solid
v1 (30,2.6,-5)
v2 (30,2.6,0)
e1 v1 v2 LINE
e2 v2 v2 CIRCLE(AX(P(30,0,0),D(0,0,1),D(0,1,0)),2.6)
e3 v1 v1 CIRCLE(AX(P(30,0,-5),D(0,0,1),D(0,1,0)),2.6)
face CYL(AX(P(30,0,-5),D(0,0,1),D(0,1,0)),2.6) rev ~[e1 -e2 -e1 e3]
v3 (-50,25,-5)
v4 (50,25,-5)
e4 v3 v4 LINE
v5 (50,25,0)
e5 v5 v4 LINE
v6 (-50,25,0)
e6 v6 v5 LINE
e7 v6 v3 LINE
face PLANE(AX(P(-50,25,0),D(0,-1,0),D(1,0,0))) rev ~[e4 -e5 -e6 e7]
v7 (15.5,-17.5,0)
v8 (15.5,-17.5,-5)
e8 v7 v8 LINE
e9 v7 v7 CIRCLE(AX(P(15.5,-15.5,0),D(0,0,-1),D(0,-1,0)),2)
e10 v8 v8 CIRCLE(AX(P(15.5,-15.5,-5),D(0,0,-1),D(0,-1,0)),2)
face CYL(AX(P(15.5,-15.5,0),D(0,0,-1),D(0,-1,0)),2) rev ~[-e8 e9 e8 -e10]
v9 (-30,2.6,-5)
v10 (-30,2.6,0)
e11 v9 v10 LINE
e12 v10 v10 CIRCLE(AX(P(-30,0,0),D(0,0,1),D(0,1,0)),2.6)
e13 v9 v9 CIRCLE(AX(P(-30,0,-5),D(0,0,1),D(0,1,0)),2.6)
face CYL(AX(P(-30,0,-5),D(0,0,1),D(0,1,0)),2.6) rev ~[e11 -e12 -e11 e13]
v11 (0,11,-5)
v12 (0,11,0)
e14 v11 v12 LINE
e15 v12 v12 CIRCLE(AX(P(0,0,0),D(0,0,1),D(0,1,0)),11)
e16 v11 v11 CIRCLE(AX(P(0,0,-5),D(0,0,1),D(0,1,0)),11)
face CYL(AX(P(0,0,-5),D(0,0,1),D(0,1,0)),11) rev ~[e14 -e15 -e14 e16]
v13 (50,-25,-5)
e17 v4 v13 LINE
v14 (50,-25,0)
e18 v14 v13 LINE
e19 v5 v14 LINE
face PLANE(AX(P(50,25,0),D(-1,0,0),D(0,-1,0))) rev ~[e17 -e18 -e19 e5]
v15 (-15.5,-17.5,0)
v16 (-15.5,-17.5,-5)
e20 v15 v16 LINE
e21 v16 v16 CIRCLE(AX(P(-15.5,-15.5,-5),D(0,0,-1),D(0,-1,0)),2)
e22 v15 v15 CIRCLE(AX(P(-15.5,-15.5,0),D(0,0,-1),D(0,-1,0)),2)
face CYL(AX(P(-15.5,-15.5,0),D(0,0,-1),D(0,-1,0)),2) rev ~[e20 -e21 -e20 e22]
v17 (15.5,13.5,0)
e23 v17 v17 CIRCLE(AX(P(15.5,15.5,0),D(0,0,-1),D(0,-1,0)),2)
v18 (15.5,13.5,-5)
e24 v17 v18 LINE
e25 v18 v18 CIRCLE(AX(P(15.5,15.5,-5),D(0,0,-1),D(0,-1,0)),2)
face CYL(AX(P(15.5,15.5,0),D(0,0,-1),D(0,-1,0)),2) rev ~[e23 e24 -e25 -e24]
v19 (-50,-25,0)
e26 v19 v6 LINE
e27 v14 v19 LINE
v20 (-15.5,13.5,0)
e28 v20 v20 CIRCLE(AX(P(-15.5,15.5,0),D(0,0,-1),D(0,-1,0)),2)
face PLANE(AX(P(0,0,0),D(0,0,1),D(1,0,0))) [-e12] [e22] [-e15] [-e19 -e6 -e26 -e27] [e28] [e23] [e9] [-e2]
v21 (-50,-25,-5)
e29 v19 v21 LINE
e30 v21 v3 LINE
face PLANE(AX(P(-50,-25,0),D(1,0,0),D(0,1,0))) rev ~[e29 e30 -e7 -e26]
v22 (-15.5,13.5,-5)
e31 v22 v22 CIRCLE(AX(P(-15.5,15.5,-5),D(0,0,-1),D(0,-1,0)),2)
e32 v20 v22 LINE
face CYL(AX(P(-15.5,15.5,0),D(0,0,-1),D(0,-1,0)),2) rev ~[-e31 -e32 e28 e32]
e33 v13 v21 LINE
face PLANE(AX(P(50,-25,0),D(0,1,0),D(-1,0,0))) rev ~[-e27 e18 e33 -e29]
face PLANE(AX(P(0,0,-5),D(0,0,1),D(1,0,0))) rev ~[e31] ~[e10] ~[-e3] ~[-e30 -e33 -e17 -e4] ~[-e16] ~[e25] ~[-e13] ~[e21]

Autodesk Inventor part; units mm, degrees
ref_plane "YZ Plane" through (0, 0, 0) normal (1, 0, 0) x (0, 1, 0)
ref_plane "XZ Plane" through (0, 0, 0) normal (0, 1, 0) x (-1, 0, 0)
ref_plane "XY Plane" through (0, 0, 0) normal (0, 0, 1) x (1, 0, 0)
sketch "Block1" plane through (0, 0, 0) normal (0, 0, 1) x (1, 0, 0)
  line L0 (-30.1, 34.1) -> (-9.9, 34.1)
  line L1 (-9.9, 34.1) -> (-9.9, 25.1)
  line L2 (-9.9, 25.1) -> (9.9, 25.1)
  line L3 (9.9, 25.1) -> (9.9, 34.1)
  line L4 (9.9, 34.1) -> (30.1, 34.1)
  line L5 (30.1, 34.1) -> (30.1, 25.1)
  line L6 (30.1, 25.1) -> (50.1, 25.1)
  line L7 (50.1, 25.1) -> (50.1, 16.5667)
  line L8 (50.1, 16.5667) -> (41.1, 16.5667)
  line L9 (41.1, 16.5667) -> (41.1, 6.7667)
  line L10 (41.1, 6.7667) -> (50.1, 6.7667)
  line L11 (50.1, 6.7667) -> (50.1, -6.7667)
  line L12 (50.1, -6.7667) -> (41.1, -6.7667)
  line L13 (41.1, -6.7667) -> (41.1, -16.5667)
  line L14 (41.1, -16.5667) -> (50.1, -16.5667)
  line L15 (50.1, -16.5667) -> (50.1, -25.1)
  line L16 (50.1, -25.1) -> (30.1, -25.1)
  line L17 (30.1, -25.1) -> (30.1, -34.1)
  line L18 (30.1, -34.1) -> (9.9, -34.1)
  line L19 (9.9, -34.1) -> (9.9, -25.1)
  line L20 (9.9, -25.1) -> (-9.9, -25.1)
  line L21 (-9.9, -25.1) -> (-9.9, -34.1)
  line L22 (-9.9, -34.1) -> (-30.1, -34.1)
  line L23 (-30.1, -34.1) -> (-30.1, -25.1)
  line L24 (-30.1, -25.1) -> (-50.1, -25.1)
  line L25 (-50.1, -25.1) -> (-50.1, -16.5667)
  line L26 (-50.1, -16.5667) -> (-41.1, -16.5667)
  line L27 (-41.1, -16.5667) -> (-41.1, -6.7667)
  line L28 (-41.1, -6.7667) -> (-50.1, -6.7667)
  line L29 (-50.1, -6.7667) -> (-50.1, 6.7667)
  line L30 (-50.1, 6.7667) -> (-41.1, 6.7667)
  line L31 (-41.1, 6.7667) -> (-41.1, 16.5667)
  line L32 (-41.1, 16.5667) -> (-50.1, 16.5667)
  line L33 (-50.1, 16.5667) -> (-50.1, 25.1)
  line L34 (-50.1, 25.1) -> (-30.1, 25.1)
  line L35 (-30.1, 25.1) -> (-30.1, 34.1)
  circle A0 centre (-30, 0) radius 4.6
  circle A1 centre (-15.5, 15.5) radius 2.1
  circle A2 centre (-15.5, -15.5) radius 2.1
  circle A3 centre (0, 0) radius 11.1
  circle A4 centre (15.5, 15.5) radius 2.1
  circle A5 centre (30, 0) radius 4.6
  circle A6 centre (15.5, -15.5) radius 2.1
  point P0 (0, 0)
sketch "Block2" plane through (0, 0, 0) normal (0, 0, 1) x (1, 0, 0)
  line L0 (9.8, 34.2) -> (30.2, 34.2)
  line L1 (30.2, 34.2) -> (30.2, 25.2)
  line L2 (30.2, 25.2) -> (50.2, 25.2)
  line L3 (50.2, 25.2) -> (50.2, 16.4667)
  line L4 (50.2, 16.4667) -> (41.2, 16.4667)
  line L5 (41.2, 16.4667) -> (41.2, 6.8667)
  line L6 (41.2, 6.8667) -> (50.2, 6.8667)
  line L7 (50.2, 6.8667) -> (50.2, -6.8667)
  line L8 (50.2, -6.8667) -> (41.2, -6.8667)
  line L9 (41.2, -6.8667) -> (41.2, -16.4667)
  line L10 (41.2, -16.4667) -> (50.2, -16.4667)
  line L11 (50.2, -16.4667) -> (50.2, -25.2)
  line L12 (50.2, -25.2) -> (30.2, -25.2)
  line L13 (30.2, -25.2) -> (30.2, -34.2)
  line L14 (30.2, -34.2) -> (9.8, -34.2)
  line L15 (9.8, -34.2) -> (9.8, -25.2)
  line L16 (9.8, -25.2) -> (-9.8, -25.2)
  line L17 (-9.8, -25.2) -> (-9.8, -34.2)
  line L18 (-9.8, -34.2) -> (-30.2, -34.2)
  line L19 (-30.2, -34.2) -> (-30.2, -25.2)
  line L20 (-30.2, -25.2) -> (-50.2, -25.2)
  line L21 (-50.2, -25.2) -> (-50.2, -16.4667)
  line L22 (-50.2, -16.4667) -> (-41.2, -16.4667)
  line L23 (-41.2, -16.4667) -> (-41.2, -6.8667)
  line L24 (-41.2, -6.8667) -> (-50.2, -6.8667)
  line L25 (-50.2, -6.8667) -> (-50.2, 6.8667)
  line L26 (-50.2, 6.8667) -> (-41.2, 6.8667)
  line L27 (-41.2, 6.8667) -> (-41.2, 16.4667)
  line L28 (-41.2, 16.4667) -> (-50.2, 16.4667)
  line L29 (-50.2, 16.4667) -> (-50.2, 25.2)
  line L30 (-50.2, 25.2) -> (-30.2, 25.2)
  line L31 (-30.2, 25.2) -> (-30.2, 34.2)
  line L32 (-30.2, 34.2) -> (-9.8, 34.2)
  line L33 (-9.8, 34.2) -> (-9.8, 25.2)
  line L34 (-9.8, 25.2) -> (9.8, 25.2)
  line L35 (9.8, 25.2) -> (9.8, 34.2)
  circle A0 centre (-15.5, 15.5) radius 2.2
  circle A1 centre (15.5, 15.5) radius 2.2
  circle A2 centre (30, 0) radius 4.7
  circle A3 centre (15.5, -15.5) radius 2.2
  circle A4 centre (-15.5, -15.5) radius 2.2
  circle A5 centre (-30, 0) radius 4.7
  circle A6 centre (0, 0) radius 11.2
  point P0 (0, 0)
sketch "Block3" plane through (0, 0, 0) normal (0, 0, 1) x (1, 0, 0)
  line L0 (9.9, 34.1) -> (30.1, 34.1)
  line L1 (30.1, 34.1) -> (30.1, 25.1)
  line L2 (30.1, 25.1) -> (50.1, 25.1)
  line L3 (50.1, 25.1) -> (50.1, 16.5667)
  line L4 (50.1, 16.5667) -> (41.1, 16.5667)
  line L5 (41.1, 16.5667) -> (41.1, 6.7667)
  line L6 (41.1, 6.7667) -> (50.1, 6.7667)
  line L7 (50.1, 6.7667) -> (50.1, -6.7667)
  line L8 (50.1, -6.7667) -> (41.1, -6.7667)
  line L9 (41.1, -6.7667) -> (41.1, -16.5667)
  line L10 (41.1, -16.5667) -> (50.1, -16.5667)
  line L11 (50.1, -16.5667) -> (50.1, -25.1)
  line L12 (50.1, -25.1) -> (30.1, -25.1)
  line L13 (30.1, -25.1) -> (30.1, -34.1)
  line L14 (30.1, -34.1) -> (9.9, -34.1)
  line L15 (9.9, -34.1) -> (9.9, -25.1)
  line L16 (9.9, -25.1) -> (-9.9, -25.1)
  line L17 (-9.9, -25.1) -> (-9.9, -34.1)
  line L18 (-9.9, -34.1) -> (-30.1, -34.1)
  line L19 (-30.1, -34.1) -> (-30.1, -25.1)
  line L20 (-30.1, -25.1) -> (-50.1, -25.1)
  line L21 (-50.1, -25.1) -> (-50.1, -16.5667)
  line L22 (-50.1, -16.5667) -> (-41.1, -16.5667)
  line L23 (-41.1, -16.5667) -> (-41.1, -6.7667)
  line L24 (-41.1, -6.7667) -> (-50.1, -6.7667)
  line L25 (-50.1, -6.7667) -> (-50.1, 6.7667)
  line L26 (-50.1, 6.7667) -> (-41.1, 6.7667)
  line L27 (-41.1, 6.7667) -> (-41.1, 16.5667)
  line L28 (-41.1, 16.5667) -> (-50.1, 16.5667)
  line L29 (-50.1, 16.5667) -> (-50.1, 25.1)
  line L30 (-50.1, 25.1) -> (-30.1, 25.1)
  line L31 (-30.1, 25.1) -> (-30.1, 34.1)
  line L32 (-30.1, 34.1) -> (-9.9, 34.1)
  line L33 (-9.9, 34.1) -> (-9.9, 25.1)
  line L34 (-9.9, 25.1) -> (9.9, 25.1)
  line L35 (9.9, 25.1) -> (9.9, 34.1)
  circle A0 centre (-15.5, 15.5) radius 2.1
  circle A1 centre (15.5, 15.5) radius 2.1
  circle A2 centre (30, 0) radius 4.6
  circle A3 centre (15.5, -15.5) radius 2.1
  circle A4 centre (-15.5, -15.5) radius 2.1
  circle A5 centre (-30, 0) radius 4.6
  circle A6 centre (0, 0) radius 11.1
  point P0 (0, 0)
sketch "Block4" plane through (0, 0, 0) normal (0, 0, 1) x (1, 0, 0)
  line L0 (-30.08, 30.58) -> (-9.92, 30.58)
  line L1 (-9.92, 30.58) -> (-9.92, 25.08)
  line L2 (-9.92, 25.08) -> (9.92, 25.08)
  line L3 (9.92, 25.08) -> (9.92, 30.58)
  line L4 (9.92, 30.58) -> (30.08, 30.58)
  line L5 (30.08, 30.58) -> (30.08, 25.08)
  line L6 (30.08, 25.08) -> (50.08, 25.08)
  line L7 (50.08, 25.08) -> (50.08, 16.5867)
  line L8 (50.08, 16.5867) -> (44.58, 16.5867)
  line L9 (44.58, 16.5867) -> (44.58, 6.7467)
  line L10 (44.58, 6.7467) -> (50.08, 6.7467)
  line L11 (50.08, 6.7467) -> (50.08, -6.7467)
  line L12 (50.08, -6.7467) -> (44.58, -6.7467)
  line L13 (44.58, -6.7467) -> (44.58, -16.5867)
  line L14 (44.58, -16.5867) -> (50.08, -16.5867)
  line L15 (50.08, -16.5867) -> (50.08, -25.08)
  line L16 (50.08, -25.08) -> (30.08, -25.08)
  line L17 (30.08, -25.08) -> (30.08, -30.58)
  line L18 (30.08, -30.58) -> (9.92, -30.58)
  line L19 (9.92, -30.58) -> (9.92, -25.08)
  line L20 (9.92, -25.08) -> (-9.92, -25.08)
  line L21 (-9.92, -25.08) -> (-9.92, -30.58)
  line L22 (-9.92, -30.58) -> (-30.08, -30.58)
  line L23 (-30.08, -30.58) -> (-30.08, -25.08)
  line L24 (-30.08, -25.08) -> (-50.08, -25.08)
  line L25 (-50.08, -25.08) -> (-50.08, -16.5867)
  line L26 (-50.08, -16.5867) -> (-44.58, -16.5867)
  line L27 (-44.58, -16.5867) -> (-44.58, -6.7467)
  line L28 (-44.58, -6.7467) -> (-50.08, -6.7467)
  line L29 (-50.08, -6.7467) -> (-50.08, 6.7467)
  line L30 (-50.08, 6.7467) -> (-44.58, 6.7467)
  line L31 (-44.58, 6.7467) -> (-44.58, 16.5867)
  line L32 (-44.58, 16.5867) -> (-50.08, 16.5867)
  line L33 (-50.08, 16.5867) -> (-50.08, 25.08)
  line L34 (-50.08, 25.08) -> (-30.08, 25.08)
  line L35 (-30.08, 25.08) -> (-30.08, 30.58)
  circle A0 centre (-30, 0) radius 4.88
  circle A1 centre (30, 0) radius 4.88
  circle A2 centre (15.5, 15.5) radius 2.08
  circle A3 centre (0, 0) radius 11.08
  circle A4 centre (-15.5, 15.5) radius 2.08
  circle A5 centre (-15.5, -15.5) radius 2.08
  circle A6 centre (15.5, -15.5) radius 2.08
  point P0 (0, 0)
sketch "Sketch10" plane through (0, 0, 0) normal (0, 0, 1) x (1, 0, 0)
  line L0 (50, -25) -> (-50, -25)
  line L1 (-50, -25) -> (-50, 25)
  line L2 (-50, 25) -> (50, 25)
  line L3 (50, 25) -> (50, -25)
  line L4 (50, -25) -> (-50, 25) construction
  line L5 (-50, -25) -> (50, 25) construction
  point P0 (0, 0)
  dimension "d21" = 100
  dimension "d22" = 50
extrude "Extrusion2" add sketch "Sketch10" against normal blind 5
sketch "Sketch13" plane through (0, 0, 0) normal (0, 0, 1) x (1, 0, 0)
  line L0 (0, -47.8822) -> (0, 48.5933) projected
  line L1 (-201.8331, 0) -> (92.0889, 0) projected
  point P0 (-15.5, 15.5)
  point P1 (15.5, 15.5)
  point P2 (-15.5, -15.5)
  point P3 (15.5, -15.5)
  dimension "d43" = 31
  dimension "d44" = 31
hole "Hole4" at (-15.5, 15.5, 0) at (15.5, 15.5, 0) at (-15.5, -15.5, 0) at (15.5, -15.5, 0) direction (0, 0, -1) diameter 4 end through all
sketch "Sketch16" plane through (0, 0, -5) normal (0, 0, -1) x (-1, 0, 0)
  line L0 (0, -47.8822) -> (0, 48.5933) projected
  point P0 (0, 0)
  point P1 (-30, 0)
  point P2 (30, 0)
  dimension "d52" = 60
hole "Hole5" at (30, 0, -5) at (-30, 0, -5) direction (0, 0, 1) diameter 5.2 end through all
sketch "Sketch17" plane through (0, 0, -5) normal (0, 0, -1) x (-1, 0, 0)
  point P0 (0, 0)
  point P1 (0, 0)
hole "Hole8" at (0, 0, -5) direction (0, 0, 1) diameter 22 end through all
sketch "Sketch33" plane through (0, 0, 0) normal (0, 0, 1) x (1, 0, 0)
  line L0 (-50, 25) -> (50, 25) projected
  line L1 (-50, -25) -> (-50, 25) projected
  line L2 (0, -47.8822) -> (0, 48.5933) projected
  line L3 (-201.8331, 0) -> (92.0889, 0) projected
  line L4 (-30, 25) -> (-10, 25)
  line L5 (-10, 25) -> (-10, 30.5)
  line L6 (-10, 30.5) -> (-30, 30.5)
  line L7 (-30, 30.5) -> (-30, 25)
  line L8 (30, 25) -> (10, 25)
  line L9 (10, 25) -> (10, 30.5)
  line L10 (10, 30.5) -> (30, 30.5)
  line L11 (30, 30.5) -> (30, 25)
  line L12 (-30, -25) -> (-10, -25)
  line L13 (-10, -25) -> (-10, -30.5)
  line L14 (-10, -30.5) -> (-30, -30.5)
  line L15 (-30, -30.5) -> (-30, -25)
  line L16 (10, -25) -> (10, -30.5)
  line L17 (30, -25) -> (10, -25)
  line L18 (10, -30.5) -> (30, -30.5)
  line L19 (30, -30.5) -> (30, -25)
  point P0 (-50, 16.6667)
  dimension "d121" = 20
  dimension "d122" = 5.5
  dimension "d123" = 20
extrude "Extrusion5" [suppressed]
sketch "Sketch34" plane through (0, 0, -5) normal (0, 0, -1) x (-1, 0, 0)
  line L0 (50, 25) -> (-50, 25) projected
  line L1 (-50, 25) -> (-50, -25) projected
  line L2 (-50, 16.6667) -> (-44.5, 16.6667)
  line L3 (-44.5, 16.6667) -> (-44.5, 6.6667)
  line L4 (-44.5, 6.6667) -> (-50, 6.6667)
  line L5 (-50, 6.6667) -> (-50, 16.6667)
  line L6 (201.8331, 0) -> (-92.0889, 0) projected
  line L7 (0, -47.8822) -> (0, 48.5933) projected
  line L8 (-50, -16.6667) -> (-44.5, -16.6667)
  line L9 (-44.5, -16.6667) -> (-44.5, -6.6667)
  line L10 (-44.5, -6.6667) -> (-50, -6.6667)
  line L11 (-50, -6.6667) -> (-50, -16.6667)
  line L12 (50, 16.6667) -> (44.5, 16.6667)
  line L13 (44.5, 16.6667) -> (44.5, 6.6667)
  line L14 (44.5, 6.6667) -> (50, 6.6667)
  line L15 (50, 6.6667) -> (50, 16.6667)
  line L16 (44.5, -16.6667) -> (44.5, -6.6667)
  line L17 (50, -16.6667) -> (44.5, -16.6667)
  line L18 (44.5, -6.6667) -> (50, -6.6667)
  line L19 (50, -6.6667) -> (50, -16.6667)
  point P0 (-30, 25)
  dimension "d131" = 5.5
  dimension "d132" = 10
  dimension "d133" = 8.3333
extrude "Extrusion6" [suppressed]
equation "\"d121\" = 0.2 * d21"
equation "\"d122\" = Wt"
equation "\"d123\" = 0.2 * d21"
equation "\"d129\" = Wt"
equation "\"d131\" = Wt"
equation "\"d132\" = 0.2 * d22"
equation "\"d133\" = 0.166667 * d22"
equation "\"d134\" = Wt"
equation "\"Wt\" = 5.5"
properties part number "holder_plate" material "Wood (Birch)"
